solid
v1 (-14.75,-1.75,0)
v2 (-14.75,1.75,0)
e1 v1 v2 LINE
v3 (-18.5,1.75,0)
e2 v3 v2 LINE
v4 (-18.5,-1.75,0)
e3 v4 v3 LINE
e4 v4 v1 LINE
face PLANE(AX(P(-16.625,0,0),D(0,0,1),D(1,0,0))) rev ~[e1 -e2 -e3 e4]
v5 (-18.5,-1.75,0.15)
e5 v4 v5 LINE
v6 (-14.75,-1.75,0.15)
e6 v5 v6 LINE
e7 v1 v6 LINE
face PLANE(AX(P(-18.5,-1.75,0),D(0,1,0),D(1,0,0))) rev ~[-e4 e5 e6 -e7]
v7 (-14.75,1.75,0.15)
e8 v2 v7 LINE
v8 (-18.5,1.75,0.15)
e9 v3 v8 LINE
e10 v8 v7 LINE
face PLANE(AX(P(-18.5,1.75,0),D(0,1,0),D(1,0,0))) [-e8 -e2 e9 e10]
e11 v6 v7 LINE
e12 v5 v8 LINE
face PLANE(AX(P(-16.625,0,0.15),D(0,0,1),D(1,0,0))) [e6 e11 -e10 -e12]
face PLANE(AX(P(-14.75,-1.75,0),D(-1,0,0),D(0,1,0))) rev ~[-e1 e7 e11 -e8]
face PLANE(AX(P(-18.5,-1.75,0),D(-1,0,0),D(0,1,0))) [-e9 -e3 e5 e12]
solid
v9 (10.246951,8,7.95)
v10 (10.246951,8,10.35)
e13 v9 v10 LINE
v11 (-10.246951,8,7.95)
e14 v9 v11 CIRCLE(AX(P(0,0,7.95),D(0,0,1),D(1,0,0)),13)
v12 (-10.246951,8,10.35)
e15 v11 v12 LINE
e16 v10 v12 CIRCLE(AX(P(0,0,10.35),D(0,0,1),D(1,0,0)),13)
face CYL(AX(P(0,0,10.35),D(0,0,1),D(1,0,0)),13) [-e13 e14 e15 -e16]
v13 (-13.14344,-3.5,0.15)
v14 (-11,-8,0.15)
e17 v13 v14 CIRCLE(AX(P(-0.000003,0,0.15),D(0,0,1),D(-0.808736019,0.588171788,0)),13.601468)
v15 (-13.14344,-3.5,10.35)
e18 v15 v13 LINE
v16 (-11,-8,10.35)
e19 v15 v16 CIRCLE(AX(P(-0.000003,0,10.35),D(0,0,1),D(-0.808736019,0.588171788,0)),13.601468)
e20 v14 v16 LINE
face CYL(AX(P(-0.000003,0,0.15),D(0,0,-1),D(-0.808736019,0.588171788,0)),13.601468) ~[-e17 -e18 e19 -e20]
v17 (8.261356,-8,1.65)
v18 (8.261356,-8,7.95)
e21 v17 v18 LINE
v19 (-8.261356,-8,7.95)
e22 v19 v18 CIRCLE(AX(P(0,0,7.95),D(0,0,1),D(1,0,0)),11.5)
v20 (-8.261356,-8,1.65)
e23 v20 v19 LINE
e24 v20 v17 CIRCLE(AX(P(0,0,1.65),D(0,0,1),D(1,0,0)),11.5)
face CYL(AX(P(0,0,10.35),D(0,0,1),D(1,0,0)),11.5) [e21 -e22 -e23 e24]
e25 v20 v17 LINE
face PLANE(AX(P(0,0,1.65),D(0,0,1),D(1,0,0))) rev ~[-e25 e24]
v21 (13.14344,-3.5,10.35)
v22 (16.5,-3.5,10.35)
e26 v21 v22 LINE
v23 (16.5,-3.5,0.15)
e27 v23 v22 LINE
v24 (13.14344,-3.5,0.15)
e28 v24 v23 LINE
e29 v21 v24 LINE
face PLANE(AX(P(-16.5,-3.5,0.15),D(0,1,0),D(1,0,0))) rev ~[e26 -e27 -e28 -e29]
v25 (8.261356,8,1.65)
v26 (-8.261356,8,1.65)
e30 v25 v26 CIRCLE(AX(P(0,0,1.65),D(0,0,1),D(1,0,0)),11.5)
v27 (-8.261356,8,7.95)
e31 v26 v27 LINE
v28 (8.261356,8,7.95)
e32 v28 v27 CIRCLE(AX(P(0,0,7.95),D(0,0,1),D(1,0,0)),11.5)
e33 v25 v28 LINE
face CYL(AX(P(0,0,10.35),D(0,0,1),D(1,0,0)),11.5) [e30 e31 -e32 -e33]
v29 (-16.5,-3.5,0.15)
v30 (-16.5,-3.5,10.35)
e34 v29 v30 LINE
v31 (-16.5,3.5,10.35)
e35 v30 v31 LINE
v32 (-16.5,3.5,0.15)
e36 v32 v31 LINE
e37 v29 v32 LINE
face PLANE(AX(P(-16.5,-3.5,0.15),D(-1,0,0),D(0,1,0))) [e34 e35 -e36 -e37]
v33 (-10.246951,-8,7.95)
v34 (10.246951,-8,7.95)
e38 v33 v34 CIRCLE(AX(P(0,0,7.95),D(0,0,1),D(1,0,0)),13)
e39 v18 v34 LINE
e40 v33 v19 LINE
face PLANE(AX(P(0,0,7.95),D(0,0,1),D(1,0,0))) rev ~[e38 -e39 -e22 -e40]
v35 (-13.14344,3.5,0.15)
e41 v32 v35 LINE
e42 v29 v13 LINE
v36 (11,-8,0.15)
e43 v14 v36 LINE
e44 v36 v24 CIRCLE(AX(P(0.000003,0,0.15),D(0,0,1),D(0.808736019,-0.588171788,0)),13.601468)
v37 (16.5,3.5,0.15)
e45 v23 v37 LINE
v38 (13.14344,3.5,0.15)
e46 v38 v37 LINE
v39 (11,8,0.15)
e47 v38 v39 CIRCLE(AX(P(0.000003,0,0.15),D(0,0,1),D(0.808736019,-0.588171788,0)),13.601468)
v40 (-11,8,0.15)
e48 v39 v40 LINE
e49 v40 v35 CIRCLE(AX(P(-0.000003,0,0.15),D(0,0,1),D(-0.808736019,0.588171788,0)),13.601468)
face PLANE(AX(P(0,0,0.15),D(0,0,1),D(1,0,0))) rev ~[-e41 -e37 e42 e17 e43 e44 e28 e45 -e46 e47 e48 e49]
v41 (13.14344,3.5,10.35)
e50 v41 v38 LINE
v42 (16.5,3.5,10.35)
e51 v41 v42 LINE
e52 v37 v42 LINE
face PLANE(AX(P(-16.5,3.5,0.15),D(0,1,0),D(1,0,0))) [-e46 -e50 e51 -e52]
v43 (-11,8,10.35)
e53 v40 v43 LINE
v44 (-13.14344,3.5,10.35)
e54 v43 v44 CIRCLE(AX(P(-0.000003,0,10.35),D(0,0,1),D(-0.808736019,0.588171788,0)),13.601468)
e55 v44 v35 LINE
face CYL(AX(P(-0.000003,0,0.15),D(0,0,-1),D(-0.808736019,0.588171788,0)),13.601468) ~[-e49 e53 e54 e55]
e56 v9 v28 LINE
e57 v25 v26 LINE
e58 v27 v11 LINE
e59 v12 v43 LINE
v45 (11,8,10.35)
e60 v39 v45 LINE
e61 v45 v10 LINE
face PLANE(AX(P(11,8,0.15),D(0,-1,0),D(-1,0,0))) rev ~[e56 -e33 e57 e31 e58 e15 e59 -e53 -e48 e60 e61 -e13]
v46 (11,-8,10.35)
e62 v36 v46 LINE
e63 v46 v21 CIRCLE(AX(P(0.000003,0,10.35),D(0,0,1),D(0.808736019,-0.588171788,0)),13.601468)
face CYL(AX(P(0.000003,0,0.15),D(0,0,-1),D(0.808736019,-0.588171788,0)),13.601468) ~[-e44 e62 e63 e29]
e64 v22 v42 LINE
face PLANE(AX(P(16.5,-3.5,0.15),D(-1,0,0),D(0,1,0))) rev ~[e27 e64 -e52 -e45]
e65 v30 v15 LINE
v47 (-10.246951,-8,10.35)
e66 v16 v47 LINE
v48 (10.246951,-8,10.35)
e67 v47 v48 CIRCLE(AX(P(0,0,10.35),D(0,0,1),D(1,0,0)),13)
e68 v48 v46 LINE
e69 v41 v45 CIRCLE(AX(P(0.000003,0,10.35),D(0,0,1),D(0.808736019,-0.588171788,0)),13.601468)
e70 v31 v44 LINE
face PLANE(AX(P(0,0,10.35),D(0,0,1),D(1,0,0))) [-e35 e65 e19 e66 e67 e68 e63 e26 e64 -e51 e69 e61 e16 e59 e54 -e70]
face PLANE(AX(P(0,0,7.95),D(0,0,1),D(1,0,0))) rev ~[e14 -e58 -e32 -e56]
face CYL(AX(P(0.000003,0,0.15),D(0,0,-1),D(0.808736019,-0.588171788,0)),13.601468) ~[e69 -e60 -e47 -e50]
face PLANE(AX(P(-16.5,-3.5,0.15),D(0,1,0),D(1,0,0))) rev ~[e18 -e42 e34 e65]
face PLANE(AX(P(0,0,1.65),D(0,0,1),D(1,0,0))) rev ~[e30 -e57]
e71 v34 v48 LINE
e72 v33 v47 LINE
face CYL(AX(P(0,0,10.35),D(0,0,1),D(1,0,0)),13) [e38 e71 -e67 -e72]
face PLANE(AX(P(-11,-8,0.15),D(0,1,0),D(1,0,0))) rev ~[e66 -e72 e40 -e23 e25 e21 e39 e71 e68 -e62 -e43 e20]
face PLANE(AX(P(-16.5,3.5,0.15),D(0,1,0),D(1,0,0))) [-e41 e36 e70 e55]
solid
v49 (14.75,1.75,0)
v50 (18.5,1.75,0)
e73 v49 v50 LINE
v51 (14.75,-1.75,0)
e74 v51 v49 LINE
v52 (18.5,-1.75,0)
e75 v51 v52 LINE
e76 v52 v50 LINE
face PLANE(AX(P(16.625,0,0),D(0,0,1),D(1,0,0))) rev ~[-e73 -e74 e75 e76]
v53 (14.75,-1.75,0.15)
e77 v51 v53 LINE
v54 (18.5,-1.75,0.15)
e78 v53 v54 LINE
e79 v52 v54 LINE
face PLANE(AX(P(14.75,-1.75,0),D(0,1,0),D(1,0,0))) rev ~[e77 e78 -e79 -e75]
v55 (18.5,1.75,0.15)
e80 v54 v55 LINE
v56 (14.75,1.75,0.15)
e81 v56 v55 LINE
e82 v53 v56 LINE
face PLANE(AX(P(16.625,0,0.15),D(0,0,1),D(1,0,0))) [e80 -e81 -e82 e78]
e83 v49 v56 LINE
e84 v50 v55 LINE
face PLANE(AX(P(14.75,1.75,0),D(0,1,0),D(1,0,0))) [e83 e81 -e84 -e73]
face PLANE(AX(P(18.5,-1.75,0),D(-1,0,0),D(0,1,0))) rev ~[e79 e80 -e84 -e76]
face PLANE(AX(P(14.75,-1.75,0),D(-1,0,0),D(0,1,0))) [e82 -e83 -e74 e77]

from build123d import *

# Parameters (mm, degrees)
F0_W     = 3.75
F0_H     = 3.5
F1_DEPTH = 0.15
F2_W     = 33
F2_H     = 7
F3_DEPTH = 10.2
F5_DEPTH = 10.2
F6_R     = 11.5
F7_DEPTH = 8.7
F8_R     = 13
F9_DEPTH = 2.4


with BuildPart() as f1:
    # F0 (on Top) → F1 (new body)
    with BuildSketch(Plane.XY):
        with Locations((-16.625, 0)):
            Rectangle(F0_W, F0_H)
        with Locations((16.625, 0)):
            Rectangle(F0_W, F0_H)
    extrude(amount=F1_DEPTH)


with BuildPart() as f3:
    # F2 (on face) → F3 (new body)
    with BuildSketch(Plane.XY.offset(0.15)):
        Rectangle(F2_W, F2_H)
    extrude(amount=F3_DEPTH)

    # F4 (on face) → F5 (join)
    with BuildSketch(Plane.XY.offset(0.15)):
        with BuildLine():
            Line((11, 8), (-11, 8))
            ThreePointArc((-11, 8), (-13.601471, 0), (-11, -8))
            Line((-11, -8), (11, -8))
            ThreePointArc((11, -8), (13.601471, 0), (11, 8))
        make_face()
    extrude(amount=F5_DEPTH)

    # F6 (on face) → F7 (join)
    with BuildSketch(Plane.XY.offset(10.35)):
        Circle(F6_R)
    extrude(amount=-F7_DEPTH)

    # F8 (on face) → F9 (join)
    with BuildSketch(Plane.XY.offset(10.35)):
        Circle(F8_R)
    extrude(amount=-F9_DEPTH)


solid = Compound([f1.part, f3.part])
